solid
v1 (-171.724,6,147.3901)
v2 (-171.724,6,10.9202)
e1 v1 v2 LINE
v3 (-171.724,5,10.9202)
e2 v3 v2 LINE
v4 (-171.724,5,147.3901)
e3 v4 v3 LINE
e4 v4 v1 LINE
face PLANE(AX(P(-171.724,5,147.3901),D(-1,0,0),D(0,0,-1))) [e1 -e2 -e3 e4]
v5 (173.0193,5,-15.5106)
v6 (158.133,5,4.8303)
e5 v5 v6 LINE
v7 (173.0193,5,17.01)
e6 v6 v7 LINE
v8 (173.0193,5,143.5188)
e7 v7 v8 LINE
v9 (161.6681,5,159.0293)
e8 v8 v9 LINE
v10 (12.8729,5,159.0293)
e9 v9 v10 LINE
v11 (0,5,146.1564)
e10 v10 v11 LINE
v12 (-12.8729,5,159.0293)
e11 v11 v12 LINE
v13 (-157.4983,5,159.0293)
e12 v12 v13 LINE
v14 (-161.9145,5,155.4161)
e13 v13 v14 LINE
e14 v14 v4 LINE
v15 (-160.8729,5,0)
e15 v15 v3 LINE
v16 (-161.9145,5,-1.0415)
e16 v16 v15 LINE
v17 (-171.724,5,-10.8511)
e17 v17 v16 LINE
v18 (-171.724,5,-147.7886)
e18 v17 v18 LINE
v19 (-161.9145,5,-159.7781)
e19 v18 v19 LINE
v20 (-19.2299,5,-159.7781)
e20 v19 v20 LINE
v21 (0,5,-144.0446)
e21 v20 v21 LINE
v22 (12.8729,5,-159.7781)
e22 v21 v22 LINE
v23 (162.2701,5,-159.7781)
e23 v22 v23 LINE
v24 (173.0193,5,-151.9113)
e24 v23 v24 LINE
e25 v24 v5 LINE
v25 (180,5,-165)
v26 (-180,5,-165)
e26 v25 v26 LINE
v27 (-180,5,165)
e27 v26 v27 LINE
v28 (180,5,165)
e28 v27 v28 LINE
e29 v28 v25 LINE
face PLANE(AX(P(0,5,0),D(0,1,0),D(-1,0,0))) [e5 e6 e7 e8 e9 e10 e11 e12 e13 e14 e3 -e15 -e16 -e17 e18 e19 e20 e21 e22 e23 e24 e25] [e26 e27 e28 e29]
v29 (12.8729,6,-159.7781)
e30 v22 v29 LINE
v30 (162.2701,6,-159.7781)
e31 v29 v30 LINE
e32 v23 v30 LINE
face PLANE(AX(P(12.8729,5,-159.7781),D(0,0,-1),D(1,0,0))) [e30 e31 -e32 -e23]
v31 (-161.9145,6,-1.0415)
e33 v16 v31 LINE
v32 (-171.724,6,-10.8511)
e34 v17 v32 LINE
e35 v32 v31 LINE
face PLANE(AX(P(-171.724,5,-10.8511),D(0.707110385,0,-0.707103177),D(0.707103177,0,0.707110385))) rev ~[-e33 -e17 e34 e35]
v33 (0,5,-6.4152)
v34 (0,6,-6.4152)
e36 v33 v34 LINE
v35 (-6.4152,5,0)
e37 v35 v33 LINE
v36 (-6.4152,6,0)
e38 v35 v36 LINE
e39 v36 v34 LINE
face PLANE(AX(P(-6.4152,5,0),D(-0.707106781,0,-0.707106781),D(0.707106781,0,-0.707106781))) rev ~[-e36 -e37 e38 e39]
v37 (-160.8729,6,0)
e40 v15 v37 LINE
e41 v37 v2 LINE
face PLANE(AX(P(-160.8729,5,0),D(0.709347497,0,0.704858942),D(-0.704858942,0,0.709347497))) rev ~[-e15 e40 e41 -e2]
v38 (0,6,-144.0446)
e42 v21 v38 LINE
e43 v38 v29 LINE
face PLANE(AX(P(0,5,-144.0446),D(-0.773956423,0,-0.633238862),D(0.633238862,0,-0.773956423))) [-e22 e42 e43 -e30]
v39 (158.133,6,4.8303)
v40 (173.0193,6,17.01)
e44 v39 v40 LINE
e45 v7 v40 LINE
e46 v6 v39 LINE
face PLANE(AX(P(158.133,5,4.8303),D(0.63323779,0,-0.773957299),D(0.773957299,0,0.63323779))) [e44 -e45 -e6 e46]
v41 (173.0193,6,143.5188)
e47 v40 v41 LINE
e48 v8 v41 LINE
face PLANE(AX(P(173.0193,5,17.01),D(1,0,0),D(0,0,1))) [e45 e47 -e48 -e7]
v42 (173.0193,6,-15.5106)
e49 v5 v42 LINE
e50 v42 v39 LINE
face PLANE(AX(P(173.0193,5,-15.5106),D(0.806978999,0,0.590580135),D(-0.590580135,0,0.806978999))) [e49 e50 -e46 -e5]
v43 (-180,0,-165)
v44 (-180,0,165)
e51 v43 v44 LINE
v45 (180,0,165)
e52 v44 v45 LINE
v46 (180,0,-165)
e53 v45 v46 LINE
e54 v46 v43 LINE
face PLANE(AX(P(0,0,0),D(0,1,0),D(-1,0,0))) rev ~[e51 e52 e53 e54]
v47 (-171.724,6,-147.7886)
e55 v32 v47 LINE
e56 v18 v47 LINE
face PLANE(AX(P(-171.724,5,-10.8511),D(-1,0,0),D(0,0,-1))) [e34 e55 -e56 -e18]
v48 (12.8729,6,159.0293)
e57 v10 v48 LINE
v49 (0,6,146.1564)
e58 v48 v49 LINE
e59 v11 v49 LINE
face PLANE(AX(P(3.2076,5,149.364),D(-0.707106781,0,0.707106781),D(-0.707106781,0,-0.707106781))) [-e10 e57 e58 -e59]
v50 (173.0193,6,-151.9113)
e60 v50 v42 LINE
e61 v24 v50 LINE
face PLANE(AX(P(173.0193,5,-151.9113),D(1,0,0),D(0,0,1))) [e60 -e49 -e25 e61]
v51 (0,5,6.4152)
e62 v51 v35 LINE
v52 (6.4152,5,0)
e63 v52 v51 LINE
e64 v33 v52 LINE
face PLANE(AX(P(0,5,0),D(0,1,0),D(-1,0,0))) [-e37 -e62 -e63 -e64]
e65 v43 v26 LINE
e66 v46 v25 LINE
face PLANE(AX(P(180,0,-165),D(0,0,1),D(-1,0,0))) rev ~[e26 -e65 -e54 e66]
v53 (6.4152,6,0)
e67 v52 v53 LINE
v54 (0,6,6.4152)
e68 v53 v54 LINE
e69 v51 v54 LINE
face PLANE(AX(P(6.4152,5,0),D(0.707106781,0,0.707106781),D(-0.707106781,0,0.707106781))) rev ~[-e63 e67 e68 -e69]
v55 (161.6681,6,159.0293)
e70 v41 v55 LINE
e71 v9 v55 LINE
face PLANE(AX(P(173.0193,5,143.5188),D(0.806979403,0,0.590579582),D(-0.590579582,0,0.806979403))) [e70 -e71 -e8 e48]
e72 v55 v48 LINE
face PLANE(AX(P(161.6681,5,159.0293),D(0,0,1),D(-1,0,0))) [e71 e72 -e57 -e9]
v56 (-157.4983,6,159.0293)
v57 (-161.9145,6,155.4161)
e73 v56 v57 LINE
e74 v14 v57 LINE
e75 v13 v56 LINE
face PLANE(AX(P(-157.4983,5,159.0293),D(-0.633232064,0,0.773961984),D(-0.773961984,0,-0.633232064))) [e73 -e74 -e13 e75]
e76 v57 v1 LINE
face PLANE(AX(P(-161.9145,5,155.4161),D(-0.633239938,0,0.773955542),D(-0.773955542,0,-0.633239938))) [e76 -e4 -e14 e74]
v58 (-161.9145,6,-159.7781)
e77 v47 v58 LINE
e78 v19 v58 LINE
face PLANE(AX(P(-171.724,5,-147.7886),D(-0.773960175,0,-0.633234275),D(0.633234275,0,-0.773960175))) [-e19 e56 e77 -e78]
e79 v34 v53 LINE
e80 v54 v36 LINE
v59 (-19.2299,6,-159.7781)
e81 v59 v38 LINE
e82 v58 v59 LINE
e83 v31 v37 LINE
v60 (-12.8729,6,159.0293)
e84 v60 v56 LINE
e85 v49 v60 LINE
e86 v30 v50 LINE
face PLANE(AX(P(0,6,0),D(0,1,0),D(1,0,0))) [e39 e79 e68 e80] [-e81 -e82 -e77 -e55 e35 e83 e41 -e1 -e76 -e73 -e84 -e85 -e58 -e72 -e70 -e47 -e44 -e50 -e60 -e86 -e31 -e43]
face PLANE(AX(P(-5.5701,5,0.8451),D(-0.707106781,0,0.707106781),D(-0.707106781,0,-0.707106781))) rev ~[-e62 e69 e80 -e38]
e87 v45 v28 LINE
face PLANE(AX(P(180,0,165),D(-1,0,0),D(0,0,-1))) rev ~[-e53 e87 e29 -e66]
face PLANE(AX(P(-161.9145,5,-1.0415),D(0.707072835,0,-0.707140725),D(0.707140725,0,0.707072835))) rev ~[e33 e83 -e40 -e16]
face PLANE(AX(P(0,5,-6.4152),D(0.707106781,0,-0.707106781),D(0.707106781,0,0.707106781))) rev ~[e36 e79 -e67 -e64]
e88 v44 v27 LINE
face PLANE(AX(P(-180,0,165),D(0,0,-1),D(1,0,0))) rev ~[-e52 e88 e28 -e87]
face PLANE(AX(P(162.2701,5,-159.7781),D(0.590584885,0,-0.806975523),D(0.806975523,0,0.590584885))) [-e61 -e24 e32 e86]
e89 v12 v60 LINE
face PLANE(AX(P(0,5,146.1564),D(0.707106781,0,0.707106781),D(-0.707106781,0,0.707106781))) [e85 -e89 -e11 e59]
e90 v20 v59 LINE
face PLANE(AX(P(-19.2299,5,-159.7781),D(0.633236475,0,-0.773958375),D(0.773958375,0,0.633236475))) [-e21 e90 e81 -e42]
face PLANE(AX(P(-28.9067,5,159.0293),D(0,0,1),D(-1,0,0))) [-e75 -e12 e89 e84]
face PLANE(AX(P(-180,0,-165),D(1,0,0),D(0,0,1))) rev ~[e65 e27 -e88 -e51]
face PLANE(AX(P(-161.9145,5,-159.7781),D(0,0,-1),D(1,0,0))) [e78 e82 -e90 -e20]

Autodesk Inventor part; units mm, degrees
ref_plane "YZ Plane" through (0, 0, 0) normal (1, 0, 0) x (0, 1, 0)
ref_plane "XZ Plane" through (0, 0, 0) normal (0, 1, 0) x (-1, 0, 0)
ref_plane "XY Plane" through (0, 0, 0) normal (0, 0, 1) x (1, 0, 0)
sketch "Boceto1" plane through (0, 0, 0) normal (0, 1, 0) x (-1, 0, 0)
  line L0 (180, 165) -> (-180, 165)
  line L1 (-180, 165) -> (-180, -165)
  line L2 (-180, -165) -> (180, -165)
  line L3 (180, -165) -> (180, 165)
  point P0 (0, 0)
  dimension "ancho" = 330
  dimension "largo" = 360
  dimension "d2" = 165
  dimension "d3" = 180
extrude "Extrusión1" add sketch "Boceto1" along normal blind 5
sketch "Boceto3" plane through (0, 5, 0) normal (0, 1, 0) x (1, 0, 0)
  line L0 (-161.9145, -155.4161) -> (-171.724, -147.3901)
  line L1 (-171.724, -147.3901) -> (-171.724, -10.9202)
  line L2 (-180, -165) -> (180, -165) projected
  line L3 (-171.724, 10.8511) -> (-171.724, 147.7886)
  line L4 (-171.724, 147.7886) -> (-161.9145, 159.7781)
  line L5 (-161.9145, 159.7781) -> (-19.2299, 159.7781)
  line L6 (-19.2299, 159.7781) -> (0, 144.0446)
  line L7 (0, 144.0446) -> (12.8729, 159.7781)
  line L8 (12.8729, 159.7781) -> (162.2701, 159.7781)
  line L9 (162.2701, 159.7781) -> (173.0193, 151.9113)
  line L10 (173.0193, 151.9113) -> (173.0193, 15.5106)
  line L11 (180, -165) -> (180, 165) projected
  line L12 (173.0193, 15.5106) -> (158.133, -4.8303)
  line L13 (158.133, -4.8303) -> (173.0193, -17.01)
  line L14 (173.0193, -17.01) -> (173.0193, -143.5188)
  line L15 (173.0193, -143.5188) -> (161.6681, -159.0293)
  line L16 (161.6681, -159.0293) -> (12.8729, -159.0293)
  line L17 (-28.9067, -159.0293) -> (-157.4983, -159.0293)
  line L18 (-157.4983, -159.0293) -> (-161.9145, -155.4161)
  line L19 (0, -6.4152) -> (-5.5701, -0.8451)
  line L20 (0, -6.4152) -> (7.8773, -6.4152) construction
  line L21 (-5.5701, -0.8451) -> (-6.4152, 0)
  line L22 (-6.4152, 0) -> (0, 6.4152)
  line L23 (0, 6.4152) -> (6.4152, 0)
  line L24 (6.4152, 0) -> (0, -6.4152)
  line L25 (12.8729, -159.0293) -> (3.2076, -149.364)
  line L26 (12.8729, -159.0293) -> (26.5417, -159.0293) construction
  line L27 (3.2076, -149.364) -> (0, -146.1564)
  line L28 (0, -146.1564) -> (-12.8729, -159.0293)
  line L29 (-12.8729, -159.0293) -> (-28.9067, -159.0293)
  line L30 (-171.724, 10.8511) -> (-161.9145, 1.0415)
  line L31 (-171.724, 10.8511) -> (-157.8512, 10.8511) construction
  line L32 (-161.9145, 1.0415) -> (-160.8729, 0)
  line L33 (-160.8729, 0) -> (-171.724, -10.9202)
  point P0 (0, 0)
  dimension "d7" = 135
  dimension "d8" = 135
  dimension "d9" = 45
extrude "Extrusión2" add sketch "Boceto3" along normal blind 1
equation "\"d2\" = 0.5 * ancho"
equation "\"d3\" = 0.5 * largo"
properties part number "panelSolar"
